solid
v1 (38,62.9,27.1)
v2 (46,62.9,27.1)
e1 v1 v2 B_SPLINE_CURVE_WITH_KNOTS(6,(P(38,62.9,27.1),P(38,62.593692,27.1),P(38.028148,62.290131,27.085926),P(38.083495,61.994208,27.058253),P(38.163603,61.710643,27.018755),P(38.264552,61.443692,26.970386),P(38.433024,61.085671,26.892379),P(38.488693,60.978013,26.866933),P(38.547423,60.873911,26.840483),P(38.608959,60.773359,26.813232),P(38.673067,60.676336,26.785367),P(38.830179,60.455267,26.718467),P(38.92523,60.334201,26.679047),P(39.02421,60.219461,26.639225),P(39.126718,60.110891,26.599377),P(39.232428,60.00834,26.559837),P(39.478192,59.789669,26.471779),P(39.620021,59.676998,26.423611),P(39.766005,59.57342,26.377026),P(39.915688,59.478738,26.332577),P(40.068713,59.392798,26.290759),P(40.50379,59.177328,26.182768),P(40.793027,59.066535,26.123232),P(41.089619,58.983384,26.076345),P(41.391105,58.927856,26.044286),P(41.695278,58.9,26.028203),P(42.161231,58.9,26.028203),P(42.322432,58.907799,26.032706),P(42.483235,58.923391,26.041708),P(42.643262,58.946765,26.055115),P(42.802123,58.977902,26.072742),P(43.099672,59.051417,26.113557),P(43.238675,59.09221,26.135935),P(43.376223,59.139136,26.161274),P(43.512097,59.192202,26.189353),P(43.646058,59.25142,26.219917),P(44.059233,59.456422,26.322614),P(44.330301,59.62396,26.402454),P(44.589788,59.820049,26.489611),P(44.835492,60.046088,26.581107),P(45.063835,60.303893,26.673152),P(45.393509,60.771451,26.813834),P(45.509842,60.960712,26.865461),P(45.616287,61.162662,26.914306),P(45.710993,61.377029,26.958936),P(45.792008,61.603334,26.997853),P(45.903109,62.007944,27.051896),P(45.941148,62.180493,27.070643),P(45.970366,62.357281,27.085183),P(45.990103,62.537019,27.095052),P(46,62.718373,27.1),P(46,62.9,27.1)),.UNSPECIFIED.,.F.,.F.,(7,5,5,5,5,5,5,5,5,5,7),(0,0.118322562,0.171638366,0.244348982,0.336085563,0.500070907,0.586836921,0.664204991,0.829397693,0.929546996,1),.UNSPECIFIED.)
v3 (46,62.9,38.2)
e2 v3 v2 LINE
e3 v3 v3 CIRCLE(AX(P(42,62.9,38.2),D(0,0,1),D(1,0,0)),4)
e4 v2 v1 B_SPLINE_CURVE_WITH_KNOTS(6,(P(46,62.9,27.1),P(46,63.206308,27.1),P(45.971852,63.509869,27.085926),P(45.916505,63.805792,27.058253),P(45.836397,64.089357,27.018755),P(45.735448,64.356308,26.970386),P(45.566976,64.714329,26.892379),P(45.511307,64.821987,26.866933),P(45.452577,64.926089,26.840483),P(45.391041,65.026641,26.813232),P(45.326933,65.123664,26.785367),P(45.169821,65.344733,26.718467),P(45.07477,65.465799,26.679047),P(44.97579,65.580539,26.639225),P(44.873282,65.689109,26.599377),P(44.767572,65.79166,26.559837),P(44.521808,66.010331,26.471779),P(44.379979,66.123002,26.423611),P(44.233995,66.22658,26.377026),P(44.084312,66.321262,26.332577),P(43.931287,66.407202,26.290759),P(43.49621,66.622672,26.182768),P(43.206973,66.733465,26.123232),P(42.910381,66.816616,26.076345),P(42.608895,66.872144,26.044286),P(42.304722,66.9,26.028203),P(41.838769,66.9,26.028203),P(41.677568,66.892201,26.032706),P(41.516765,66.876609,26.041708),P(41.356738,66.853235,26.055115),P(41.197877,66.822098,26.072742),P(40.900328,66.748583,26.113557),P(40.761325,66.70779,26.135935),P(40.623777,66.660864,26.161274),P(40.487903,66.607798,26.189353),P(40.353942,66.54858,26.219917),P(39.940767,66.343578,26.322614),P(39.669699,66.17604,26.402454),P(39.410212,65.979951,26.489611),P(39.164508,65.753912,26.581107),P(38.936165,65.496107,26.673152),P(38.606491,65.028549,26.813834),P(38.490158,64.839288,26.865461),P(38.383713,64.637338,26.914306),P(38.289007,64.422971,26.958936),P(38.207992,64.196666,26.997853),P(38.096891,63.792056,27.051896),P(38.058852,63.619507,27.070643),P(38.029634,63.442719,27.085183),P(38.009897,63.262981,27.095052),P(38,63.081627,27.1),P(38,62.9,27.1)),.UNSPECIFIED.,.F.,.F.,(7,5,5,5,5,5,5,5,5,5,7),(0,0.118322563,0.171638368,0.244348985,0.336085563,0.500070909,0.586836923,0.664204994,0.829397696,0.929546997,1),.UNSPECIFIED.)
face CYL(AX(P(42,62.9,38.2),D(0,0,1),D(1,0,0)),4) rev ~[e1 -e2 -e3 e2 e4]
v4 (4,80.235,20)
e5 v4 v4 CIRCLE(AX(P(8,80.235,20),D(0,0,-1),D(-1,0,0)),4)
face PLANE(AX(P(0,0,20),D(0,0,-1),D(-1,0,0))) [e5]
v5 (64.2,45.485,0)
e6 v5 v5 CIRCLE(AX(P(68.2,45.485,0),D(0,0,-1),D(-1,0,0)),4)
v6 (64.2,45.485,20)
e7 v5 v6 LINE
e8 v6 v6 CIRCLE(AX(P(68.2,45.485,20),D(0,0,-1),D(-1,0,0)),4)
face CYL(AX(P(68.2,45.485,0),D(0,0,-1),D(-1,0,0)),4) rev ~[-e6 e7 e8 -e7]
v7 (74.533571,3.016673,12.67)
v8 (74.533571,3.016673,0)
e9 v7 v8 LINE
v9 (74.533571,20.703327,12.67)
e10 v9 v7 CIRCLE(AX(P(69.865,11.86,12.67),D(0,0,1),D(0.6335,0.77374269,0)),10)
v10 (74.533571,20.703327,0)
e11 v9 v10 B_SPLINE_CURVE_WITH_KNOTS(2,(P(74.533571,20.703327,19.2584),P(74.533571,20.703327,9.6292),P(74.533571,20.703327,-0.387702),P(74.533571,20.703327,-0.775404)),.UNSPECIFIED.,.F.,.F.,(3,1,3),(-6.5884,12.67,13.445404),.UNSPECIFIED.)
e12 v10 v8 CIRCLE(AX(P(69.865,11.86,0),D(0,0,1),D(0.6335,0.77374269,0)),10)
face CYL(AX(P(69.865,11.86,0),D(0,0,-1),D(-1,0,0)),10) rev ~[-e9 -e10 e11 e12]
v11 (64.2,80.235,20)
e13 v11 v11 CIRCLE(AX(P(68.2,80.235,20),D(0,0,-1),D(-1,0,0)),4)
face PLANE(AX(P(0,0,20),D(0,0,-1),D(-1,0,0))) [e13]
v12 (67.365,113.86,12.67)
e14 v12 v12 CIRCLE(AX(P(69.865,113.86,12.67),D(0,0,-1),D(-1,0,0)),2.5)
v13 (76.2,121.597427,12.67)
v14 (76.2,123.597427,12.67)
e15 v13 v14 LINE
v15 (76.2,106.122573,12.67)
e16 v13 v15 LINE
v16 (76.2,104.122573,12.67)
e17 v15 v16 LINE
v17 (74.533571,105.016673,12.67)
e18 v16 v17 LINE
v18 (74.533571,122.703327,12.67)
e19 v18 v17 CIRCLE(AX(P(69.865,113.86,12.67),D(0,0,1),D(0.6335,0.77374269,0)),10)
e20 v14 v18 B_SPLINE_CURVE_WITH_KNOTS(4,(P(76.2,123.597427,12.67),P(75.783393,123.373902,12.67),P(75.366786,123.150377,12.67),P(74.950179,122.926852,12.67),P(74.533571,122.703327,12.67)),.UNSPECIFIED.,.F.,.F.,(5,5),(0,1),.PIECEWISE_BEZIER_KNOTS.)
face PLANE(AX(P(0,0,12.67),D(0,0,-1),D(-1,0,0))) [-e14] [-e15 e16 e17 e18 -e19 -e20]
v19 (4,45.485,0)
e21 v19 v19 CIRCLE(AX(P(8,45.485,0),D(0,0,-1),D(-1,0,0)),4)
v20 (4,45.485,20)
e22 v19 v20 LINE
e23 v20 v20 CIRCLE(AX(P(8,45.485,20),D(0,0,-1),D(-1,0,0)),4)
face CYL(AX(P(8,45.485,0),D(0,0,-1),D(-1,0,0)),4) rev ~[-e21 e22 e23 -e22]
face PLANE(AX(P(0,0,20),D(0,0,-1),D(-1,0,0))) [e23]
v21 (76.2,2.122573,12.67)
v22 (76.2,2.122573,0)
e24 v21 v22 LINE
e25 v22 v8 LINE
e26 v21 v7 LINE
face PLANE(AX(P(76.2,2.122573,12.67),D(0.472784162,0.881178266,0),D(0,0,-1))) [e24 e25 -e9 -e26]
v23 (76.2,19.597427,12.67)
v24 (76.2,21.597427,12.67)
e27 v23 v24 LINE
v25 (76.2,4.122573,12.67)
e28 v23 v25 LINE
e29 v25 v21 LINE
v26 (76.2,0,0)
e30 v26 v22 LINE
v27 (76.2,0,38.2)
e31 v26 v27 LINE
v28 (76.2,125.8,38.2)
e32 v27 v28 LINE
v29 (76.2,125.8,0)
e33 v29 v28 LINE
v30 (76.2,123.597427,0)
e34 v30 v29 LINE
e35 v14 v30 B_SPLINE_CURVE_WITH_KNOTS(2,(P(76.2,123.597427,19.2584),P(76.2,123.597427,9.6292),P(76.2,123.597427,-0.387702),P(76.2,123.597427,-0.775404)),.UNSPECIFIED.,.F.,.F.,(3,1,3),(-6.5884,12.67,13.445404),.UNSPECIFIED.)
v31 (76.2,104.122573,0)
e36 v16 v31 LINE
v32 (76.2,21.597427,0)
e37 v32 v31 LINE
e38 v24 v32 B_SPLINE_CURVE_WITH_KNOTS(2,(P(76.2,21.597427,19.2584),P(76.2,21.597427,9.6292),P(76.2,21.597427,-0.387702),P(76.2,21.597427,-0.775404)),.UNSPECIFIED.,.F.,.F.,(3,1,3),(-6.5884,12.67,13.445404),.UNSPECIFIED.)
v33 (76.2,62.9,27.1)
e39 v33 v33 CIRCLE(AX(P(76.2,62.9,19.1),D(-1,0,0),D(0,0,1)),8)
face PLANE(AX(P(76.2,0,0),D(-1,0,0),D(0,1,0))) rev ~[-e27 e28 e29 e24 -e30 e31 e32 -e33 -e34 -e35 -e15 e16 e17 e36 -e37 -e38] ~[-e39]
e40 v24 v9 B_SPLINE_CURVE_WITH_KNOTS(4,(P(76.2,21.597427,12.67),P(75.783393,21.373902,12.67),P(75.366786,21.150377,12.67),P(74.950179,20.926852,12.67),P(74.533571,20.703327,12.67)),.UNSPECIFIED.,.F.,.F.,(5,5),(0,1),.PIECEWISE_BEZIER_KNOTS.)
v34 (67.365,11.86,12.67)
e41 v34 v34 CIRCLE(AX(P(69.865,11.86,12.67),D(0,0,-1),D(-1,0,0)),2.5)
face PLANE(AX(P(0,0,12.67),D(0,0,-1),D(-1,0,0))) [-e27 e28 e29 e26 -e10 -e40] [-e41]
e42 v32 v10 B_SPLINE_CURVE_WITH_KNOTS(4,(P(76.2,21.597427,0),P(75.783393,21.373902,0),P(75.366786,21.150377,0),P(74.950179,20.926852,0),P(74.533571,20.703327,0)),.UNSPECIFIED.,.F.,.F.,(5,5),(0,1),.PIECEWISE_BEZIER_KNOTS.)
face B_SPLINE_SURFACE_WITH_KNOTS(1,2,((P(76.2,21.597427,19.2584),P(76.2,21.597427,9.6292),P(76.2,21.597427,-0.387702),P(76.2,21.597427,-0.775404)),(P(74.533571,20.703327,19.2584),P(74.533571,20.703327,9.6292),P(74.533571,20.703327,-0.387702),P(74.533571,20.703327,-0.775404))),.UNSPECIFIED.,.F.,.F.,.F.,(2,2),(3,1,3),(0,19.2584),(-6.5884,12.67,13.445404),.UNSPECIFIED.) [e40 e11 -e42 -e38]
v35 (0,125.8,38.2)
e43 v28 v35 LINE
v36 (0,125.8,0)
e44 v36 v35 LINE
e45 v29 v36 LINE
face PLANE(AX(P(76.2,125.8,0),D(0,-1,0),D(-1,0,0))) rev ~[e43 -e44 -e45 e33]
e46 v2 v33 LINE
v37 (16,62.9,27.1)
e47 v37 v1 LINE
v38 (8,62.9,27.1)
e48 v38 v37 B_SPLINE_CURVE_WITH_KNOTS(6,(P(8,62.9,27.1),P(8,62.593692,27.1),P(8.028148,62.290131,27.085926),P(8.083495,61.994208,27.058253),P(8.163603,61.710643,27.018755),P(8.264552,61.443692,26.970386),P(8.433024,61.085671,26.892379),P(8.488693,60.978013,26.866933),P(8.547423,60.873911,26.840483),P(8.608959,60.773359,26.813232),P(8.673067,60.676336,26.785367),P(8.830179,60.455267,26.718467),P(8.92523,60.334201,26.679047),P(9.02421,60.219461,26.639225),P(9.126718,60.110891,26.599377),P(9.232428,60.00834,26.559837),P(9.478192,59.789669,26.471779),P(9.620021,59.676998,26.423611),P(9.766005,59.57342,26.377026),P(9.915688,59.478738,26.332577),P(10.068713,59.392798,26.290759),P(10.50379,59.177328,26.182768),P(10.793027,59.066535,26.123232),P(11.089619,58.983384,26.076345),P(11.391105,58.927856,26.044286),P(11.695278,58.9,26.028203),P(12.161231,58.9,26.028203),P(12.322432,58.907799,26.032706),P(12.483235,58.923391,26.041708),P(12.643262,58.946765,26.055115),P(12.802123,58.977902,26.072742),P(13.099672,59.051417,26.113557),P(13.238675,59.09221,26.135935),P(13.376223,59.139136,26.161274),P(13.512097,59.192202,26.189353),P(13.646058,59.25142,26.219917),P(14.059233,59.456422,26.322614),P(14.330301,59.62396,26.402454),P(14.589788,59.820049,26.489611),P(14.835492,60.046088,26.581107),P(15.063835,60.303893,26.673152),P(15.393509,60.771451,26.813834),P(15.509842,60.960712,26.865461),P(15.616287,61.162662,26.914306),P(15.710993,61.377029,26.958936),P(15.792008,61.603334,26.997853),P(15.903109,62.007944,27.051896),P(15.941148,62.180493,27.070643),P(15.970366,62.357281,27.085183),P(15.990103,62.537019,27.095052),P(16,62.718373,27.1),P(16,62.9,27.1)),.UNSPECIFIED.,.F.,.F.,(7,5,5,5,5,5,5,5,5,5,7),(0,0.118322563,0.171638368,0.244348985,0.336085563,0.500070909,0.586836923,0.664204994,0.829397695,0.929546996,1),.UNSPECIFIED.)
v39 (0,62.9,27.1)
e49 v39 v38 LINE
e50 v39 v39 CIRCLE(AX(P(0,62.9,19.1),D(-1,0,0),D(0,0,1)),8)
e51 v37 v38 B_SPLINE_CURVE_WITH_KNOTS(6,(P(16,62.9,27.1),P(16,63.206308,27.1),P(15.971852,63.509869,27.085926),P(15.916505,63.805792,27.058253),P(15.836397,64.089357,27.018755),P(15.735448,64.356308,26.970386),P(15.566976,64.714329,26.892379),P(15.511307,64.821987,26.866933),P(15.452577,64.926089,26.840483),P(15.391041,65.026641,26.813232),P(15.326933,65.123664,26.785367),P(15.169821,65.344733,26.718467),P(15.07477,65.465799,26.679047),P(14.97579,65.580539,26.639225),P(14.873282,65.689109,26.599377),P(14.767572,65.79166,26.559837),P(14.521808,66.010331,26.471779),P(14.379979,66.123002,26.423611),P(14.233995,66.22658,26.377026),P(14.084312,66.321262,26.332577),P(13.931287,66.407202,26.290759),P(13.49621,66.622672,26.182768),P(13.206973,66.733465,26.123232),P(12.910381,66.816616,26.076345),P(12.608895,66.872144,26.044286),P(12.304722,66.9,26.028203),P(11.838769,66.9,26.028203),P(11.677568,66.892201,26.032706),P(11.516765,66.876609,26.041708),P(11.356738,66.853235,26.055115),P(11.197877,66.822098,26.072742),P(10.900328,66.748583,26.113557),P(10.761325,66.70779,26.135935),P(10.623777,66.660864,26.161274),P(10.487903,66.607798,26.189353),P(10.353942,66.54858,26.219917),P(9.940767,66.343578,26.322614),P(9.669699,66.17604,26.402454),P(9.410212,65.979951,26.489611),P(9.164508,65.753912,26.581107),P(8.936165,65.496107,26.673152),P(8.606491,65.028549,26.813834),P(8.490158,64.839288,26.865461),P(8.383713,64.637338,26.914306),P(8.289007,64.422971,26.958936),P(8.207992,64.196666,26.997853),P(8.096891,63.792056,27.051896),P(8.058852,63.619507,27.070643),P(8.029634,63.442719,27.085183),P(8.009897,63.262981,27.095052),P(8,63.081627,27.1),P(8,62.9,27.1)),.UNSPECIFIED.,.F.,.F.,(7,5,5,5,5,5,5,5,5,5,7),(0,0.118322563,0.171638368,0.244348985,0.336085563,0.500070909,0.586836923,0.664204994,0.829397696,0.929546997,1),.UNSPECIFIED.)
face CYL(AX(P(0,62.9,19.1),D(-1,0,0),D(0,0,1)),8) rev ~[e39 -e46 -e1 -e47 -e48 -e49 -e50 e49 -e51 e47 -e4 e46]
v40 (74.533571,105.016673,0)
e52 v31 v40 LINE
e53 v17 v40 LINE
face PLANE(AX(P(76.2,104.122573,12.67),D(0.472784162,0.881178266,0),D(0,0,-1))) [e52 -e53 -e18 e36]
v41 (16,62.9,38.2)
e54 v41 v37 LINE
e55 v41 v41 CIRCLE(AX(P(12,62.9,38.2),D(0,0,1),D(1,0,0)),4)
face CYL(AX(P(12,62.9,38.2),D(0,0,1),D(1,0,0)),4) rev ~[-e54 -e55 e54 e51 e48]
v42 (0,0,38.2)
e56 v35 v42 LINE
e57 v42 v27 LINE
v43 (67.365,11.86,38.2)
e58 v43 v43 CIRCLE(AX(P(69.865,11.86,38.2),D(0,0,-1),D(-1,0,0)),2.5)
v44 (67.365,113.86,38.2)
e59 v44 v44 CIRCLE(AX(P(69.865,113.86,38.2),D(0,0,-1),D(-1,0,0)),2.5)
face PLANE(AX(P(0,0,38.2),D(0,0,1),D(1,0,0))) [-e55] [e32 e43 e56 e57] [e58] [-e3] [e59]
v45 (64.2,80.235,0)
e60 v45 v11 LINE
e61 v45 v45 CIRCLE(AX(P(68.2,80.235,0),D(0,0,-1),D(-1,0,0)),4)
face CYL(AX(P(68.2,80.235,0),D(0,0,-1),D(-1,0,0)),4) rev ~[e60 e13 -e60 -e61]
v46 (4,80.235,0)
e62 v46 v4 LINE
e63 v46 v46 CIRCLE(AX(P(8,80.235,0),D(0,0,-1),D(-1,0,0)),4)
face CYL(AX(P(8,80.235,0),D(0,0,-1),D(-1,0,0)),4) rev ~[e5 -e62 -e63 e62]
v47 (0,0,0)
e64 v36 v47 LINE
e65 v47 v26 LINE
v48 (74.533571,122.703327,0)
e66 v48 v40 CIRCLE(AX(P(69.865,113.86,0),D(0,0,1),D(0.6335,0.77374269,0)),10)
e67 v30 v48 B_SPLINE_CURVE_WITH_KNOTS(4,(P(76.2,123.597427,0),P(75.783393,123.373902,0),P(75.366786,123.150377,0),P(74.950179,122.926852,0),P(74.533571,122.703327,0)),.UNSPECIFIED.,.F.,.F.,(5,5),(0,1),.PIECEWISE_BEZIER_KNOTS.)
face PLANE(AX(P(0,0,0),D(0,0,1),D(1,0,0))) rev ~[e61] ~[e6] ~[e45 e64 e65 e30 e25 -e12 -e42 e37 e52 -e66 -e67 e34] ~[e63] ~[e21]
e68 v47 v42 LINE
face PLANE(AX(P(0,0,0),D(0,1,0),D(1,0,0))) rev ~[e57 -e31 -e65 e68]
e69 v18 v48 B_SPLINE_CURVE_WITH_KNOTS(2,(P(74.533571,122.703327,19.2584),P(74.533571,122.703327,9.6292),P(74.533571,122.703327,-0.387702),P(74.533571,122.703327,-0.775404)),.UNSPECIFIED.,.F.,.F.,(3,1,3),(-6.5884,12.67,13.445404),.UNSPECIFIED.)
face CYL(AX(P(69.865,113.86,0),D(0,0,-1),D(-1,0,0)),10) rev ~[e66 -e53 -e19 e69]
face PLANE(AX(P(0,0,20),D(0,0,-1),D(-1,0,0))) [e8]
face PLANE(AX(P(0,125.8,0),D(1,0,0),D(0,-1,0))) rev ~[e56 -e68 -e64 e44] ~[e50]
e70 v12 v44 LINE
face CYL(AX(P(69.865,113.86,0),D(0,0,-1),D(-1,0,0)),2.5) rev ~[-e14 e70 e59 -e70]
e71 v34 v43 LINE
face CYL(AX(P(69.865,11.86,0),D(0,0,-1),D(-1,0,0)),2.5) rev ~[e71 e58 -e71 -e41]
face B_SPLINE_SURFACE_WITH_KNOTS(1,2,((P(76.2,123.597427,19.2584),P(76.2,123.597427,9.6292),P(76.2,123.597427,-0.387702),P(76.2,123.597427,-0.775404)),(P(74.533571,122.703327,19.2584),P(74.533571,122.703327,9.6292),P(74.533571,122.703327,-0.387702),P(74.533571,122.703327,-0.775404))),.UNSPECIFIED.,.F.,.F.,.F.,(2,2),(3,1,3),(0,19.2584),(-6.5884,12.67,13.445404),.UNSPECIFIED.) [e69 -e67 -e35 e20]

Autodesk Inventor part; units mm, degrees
ref_plane "YZ Plane" through (0, 0, 0) normal (1, 0, 0) x (0, 1, 0)
ref_plane "XZ Plane" through (0, 0, 0) normal (0, 1, 0) x (-1, 0, 0)
ref_plane "XY Plane" through (0, 0, 0) normal (0, 0, 1) x (1, 0, 0)
sketch "Sketch1" plane through (0, 0, 0) normal (0, 0, 1) x (1, 0, 0)
  line L0 (0, 0) -> (76.2, 0)
  line L1 (76.2, 0) -> (76.2, 125.8)
  line L2 (76.2, 125.8) -> (0, 125.8)
  line L3 (0, 125.8) -> (0, 0)
  circle A0 centre (12, 62.9) radius 4
  circle A1 centre (42, 62.9) radius 4
  dimension "d0" = 76.2
  dimension "d1" = 125.8
  dimension "d2" = 8
  dimension "d3" = 8
  dimension "d4" = 12
  dimension "d5" = 42
  dimension "d6" = 62.9
  dimension "d7" = 62.9
extrude "Extrusion1" add sketch "Sketch1" along normal blind 38.2 contours L3 L2 L1 L0 | A0 | A1
sketch "Sketch2" plane through (0, 0, 38.2) normal (0, 0, 1) x (1, 0, 0)
  line L0 (0, 0) -> (76.2, 0)
  line L1 (76.2, 0) -> (76.2, 125.8)
  line L2 (76.2, 125.8) -> (0, 125.8)
  line L3 (0, 125.8) -> (0, 0)
  circle A0 centre (12, 62.9) radius 4
  circle A1 centre (42, 62.9) radius 4
  dimension "d17" = 76.2
  dimension "d16" = 125.8
  dimension "d13" = 8
  dimension "d10" = 8
  dimension "d15" = 12
  dimension "d12" = 42
  dimension "d11" = 62.9
  dimension "d14" = 62.9
extrude "Extrusion2" cut sketch "Sketch2" against normal blind 19.1 contours A0 | A1
sketch "Sketch3" plane through (0, 0, 0) normal (-1, 0, 0) x (0, 0, 1)
  circle A0 centre (19.1, 62.9) radius 8
  line L0 (38.2, 125.8) -> (38.2, 0) projected
  line L1 (0, 0) -> (38.2, 0) projected
  dimension "d21" = 16
  dimension "d22" = 19.1
  dimension "d23" = 62.9
extrude "Extrusion3" cut sketch "Sketch3" against normal up to next
thread "Thread1" size "M8x1.25" class "6H" standard "ANSI Metric M Profile" full length
thread "Thread2" size "M8x1.25" class "6H" standard "ANSI Metric M Profile" full length
sketch "Sketch7" plane through (76.2, 107.525, 0) normal (0, 0, -1) x (-1, 0, 0)
  circle A0 centre (6.335, -95.665) radius 2.5
  circle A1 centre (6.335, 6.335) radius 2.5
  line L0 (0, -89.33) -> (76.2, -89.33) projected
  line L1 (0, -107.525) -> (0, 18.275) projected
  line L2 (0, 18.275) -> (76.2, 18.275) projected
  point P0 (76.2, -107.525)
  dimension "d92" = 5
  dimension "d93" = 5
  dimension "d104" = 102
  dimension "d129" = 6.335
  dimension "d130" = 11.94
  dimension "d131" = 6.335
extrude "Extrusion7" cut sketch "Sketch7" against normal up to next
thread "Thread11" size "M5x0.8" class "6H" standard "ANSI Metric M Profile" full length
thread "Thread12" size "M5x0.8" class "6H" standard "ANSI Metric M Profile" full length
sketch "Sketch8" plane through (0, 0, 0) normal (0, 0, -1) x (-1, 0, 0)
  circle A0 centre (-8, 45.485) radius 4
  circle A1 centre (-8, 80.235) radius 4
  circle A2 centre (-68.2, 45.485) radius 4
  circle A3 centre (-68.2, 80.235) radius 4
  line L0 (0, 125.8) -> (0, 0) projected
  line L1 (-76.2, 0) -> (-76.2, 125.8) projected
  line L2 (-76.2, 18.195) -> (0, 18.195) projected
  line L3 (0, 107.525) -> (-76.2, 107.525) projected
  dimension "d106" = 8
  dimension "d107" = 8
  dimension "d108" = 8
  dimension "d109" = 8
  dimension "d110" = 8
  dimension "d111" = 8
  dimension "d112" = 8
  dimension "d113" = 8
  dimension "d114" = 34.75
  dimension "d115" = 34.75
  dimension "d116" = 27.29
  dimension "d117" = 27.29
  dimension "d118" = 89.33
extrude "Extrusion8" cut sketch "Sketch8" against normal blind 20 contours A0 | A1 | A2 | A3
thread "Thread13" size "M8x1.25" class "6H" standard "ANSI Metric M Profile" full length
thread "Thread14" size "M8x1.25" class "6H" standard "ANSI Metric M Profile" full length
thread "Thread15" size "M8x1.25" class "6H" standard "ANSI Metric M Profile" full length
thread "Thread16" size "M8x1.25" class "6H" standard "ANSI Metric M Profile" full length
sketch "Sketch9" plane through (0, 0, 0) normal (0, 0, -1) x (-1, 0, 0)
  circle A0 centre (-69.865, 113.86) radius 10
  circle A1 centre (-69.865, 11.86) radius 10
  circle A2 centre (-69.865, 113.86) radius 2.5 projected
  circle A3 centre (-69.865, 11.86) radius 2.5 projected
  point P0 (0, 0)
  dimension "d132" = 20
  dimension "d133" = 20
extrude "Extrusion9" cut sketch "Sketch9" against normal blind 12.67
chamfer "Chamfer2" distance 2 angle 45 4 edges at (76.2, 106.1226, 6.335) (76.2, 121.5974, 6.335) (76.2, 4.1226, 6.335) (76.2, 19.5974, 6.335)
properties part number "MotorMountLeft" material "Aluminum 6061"
